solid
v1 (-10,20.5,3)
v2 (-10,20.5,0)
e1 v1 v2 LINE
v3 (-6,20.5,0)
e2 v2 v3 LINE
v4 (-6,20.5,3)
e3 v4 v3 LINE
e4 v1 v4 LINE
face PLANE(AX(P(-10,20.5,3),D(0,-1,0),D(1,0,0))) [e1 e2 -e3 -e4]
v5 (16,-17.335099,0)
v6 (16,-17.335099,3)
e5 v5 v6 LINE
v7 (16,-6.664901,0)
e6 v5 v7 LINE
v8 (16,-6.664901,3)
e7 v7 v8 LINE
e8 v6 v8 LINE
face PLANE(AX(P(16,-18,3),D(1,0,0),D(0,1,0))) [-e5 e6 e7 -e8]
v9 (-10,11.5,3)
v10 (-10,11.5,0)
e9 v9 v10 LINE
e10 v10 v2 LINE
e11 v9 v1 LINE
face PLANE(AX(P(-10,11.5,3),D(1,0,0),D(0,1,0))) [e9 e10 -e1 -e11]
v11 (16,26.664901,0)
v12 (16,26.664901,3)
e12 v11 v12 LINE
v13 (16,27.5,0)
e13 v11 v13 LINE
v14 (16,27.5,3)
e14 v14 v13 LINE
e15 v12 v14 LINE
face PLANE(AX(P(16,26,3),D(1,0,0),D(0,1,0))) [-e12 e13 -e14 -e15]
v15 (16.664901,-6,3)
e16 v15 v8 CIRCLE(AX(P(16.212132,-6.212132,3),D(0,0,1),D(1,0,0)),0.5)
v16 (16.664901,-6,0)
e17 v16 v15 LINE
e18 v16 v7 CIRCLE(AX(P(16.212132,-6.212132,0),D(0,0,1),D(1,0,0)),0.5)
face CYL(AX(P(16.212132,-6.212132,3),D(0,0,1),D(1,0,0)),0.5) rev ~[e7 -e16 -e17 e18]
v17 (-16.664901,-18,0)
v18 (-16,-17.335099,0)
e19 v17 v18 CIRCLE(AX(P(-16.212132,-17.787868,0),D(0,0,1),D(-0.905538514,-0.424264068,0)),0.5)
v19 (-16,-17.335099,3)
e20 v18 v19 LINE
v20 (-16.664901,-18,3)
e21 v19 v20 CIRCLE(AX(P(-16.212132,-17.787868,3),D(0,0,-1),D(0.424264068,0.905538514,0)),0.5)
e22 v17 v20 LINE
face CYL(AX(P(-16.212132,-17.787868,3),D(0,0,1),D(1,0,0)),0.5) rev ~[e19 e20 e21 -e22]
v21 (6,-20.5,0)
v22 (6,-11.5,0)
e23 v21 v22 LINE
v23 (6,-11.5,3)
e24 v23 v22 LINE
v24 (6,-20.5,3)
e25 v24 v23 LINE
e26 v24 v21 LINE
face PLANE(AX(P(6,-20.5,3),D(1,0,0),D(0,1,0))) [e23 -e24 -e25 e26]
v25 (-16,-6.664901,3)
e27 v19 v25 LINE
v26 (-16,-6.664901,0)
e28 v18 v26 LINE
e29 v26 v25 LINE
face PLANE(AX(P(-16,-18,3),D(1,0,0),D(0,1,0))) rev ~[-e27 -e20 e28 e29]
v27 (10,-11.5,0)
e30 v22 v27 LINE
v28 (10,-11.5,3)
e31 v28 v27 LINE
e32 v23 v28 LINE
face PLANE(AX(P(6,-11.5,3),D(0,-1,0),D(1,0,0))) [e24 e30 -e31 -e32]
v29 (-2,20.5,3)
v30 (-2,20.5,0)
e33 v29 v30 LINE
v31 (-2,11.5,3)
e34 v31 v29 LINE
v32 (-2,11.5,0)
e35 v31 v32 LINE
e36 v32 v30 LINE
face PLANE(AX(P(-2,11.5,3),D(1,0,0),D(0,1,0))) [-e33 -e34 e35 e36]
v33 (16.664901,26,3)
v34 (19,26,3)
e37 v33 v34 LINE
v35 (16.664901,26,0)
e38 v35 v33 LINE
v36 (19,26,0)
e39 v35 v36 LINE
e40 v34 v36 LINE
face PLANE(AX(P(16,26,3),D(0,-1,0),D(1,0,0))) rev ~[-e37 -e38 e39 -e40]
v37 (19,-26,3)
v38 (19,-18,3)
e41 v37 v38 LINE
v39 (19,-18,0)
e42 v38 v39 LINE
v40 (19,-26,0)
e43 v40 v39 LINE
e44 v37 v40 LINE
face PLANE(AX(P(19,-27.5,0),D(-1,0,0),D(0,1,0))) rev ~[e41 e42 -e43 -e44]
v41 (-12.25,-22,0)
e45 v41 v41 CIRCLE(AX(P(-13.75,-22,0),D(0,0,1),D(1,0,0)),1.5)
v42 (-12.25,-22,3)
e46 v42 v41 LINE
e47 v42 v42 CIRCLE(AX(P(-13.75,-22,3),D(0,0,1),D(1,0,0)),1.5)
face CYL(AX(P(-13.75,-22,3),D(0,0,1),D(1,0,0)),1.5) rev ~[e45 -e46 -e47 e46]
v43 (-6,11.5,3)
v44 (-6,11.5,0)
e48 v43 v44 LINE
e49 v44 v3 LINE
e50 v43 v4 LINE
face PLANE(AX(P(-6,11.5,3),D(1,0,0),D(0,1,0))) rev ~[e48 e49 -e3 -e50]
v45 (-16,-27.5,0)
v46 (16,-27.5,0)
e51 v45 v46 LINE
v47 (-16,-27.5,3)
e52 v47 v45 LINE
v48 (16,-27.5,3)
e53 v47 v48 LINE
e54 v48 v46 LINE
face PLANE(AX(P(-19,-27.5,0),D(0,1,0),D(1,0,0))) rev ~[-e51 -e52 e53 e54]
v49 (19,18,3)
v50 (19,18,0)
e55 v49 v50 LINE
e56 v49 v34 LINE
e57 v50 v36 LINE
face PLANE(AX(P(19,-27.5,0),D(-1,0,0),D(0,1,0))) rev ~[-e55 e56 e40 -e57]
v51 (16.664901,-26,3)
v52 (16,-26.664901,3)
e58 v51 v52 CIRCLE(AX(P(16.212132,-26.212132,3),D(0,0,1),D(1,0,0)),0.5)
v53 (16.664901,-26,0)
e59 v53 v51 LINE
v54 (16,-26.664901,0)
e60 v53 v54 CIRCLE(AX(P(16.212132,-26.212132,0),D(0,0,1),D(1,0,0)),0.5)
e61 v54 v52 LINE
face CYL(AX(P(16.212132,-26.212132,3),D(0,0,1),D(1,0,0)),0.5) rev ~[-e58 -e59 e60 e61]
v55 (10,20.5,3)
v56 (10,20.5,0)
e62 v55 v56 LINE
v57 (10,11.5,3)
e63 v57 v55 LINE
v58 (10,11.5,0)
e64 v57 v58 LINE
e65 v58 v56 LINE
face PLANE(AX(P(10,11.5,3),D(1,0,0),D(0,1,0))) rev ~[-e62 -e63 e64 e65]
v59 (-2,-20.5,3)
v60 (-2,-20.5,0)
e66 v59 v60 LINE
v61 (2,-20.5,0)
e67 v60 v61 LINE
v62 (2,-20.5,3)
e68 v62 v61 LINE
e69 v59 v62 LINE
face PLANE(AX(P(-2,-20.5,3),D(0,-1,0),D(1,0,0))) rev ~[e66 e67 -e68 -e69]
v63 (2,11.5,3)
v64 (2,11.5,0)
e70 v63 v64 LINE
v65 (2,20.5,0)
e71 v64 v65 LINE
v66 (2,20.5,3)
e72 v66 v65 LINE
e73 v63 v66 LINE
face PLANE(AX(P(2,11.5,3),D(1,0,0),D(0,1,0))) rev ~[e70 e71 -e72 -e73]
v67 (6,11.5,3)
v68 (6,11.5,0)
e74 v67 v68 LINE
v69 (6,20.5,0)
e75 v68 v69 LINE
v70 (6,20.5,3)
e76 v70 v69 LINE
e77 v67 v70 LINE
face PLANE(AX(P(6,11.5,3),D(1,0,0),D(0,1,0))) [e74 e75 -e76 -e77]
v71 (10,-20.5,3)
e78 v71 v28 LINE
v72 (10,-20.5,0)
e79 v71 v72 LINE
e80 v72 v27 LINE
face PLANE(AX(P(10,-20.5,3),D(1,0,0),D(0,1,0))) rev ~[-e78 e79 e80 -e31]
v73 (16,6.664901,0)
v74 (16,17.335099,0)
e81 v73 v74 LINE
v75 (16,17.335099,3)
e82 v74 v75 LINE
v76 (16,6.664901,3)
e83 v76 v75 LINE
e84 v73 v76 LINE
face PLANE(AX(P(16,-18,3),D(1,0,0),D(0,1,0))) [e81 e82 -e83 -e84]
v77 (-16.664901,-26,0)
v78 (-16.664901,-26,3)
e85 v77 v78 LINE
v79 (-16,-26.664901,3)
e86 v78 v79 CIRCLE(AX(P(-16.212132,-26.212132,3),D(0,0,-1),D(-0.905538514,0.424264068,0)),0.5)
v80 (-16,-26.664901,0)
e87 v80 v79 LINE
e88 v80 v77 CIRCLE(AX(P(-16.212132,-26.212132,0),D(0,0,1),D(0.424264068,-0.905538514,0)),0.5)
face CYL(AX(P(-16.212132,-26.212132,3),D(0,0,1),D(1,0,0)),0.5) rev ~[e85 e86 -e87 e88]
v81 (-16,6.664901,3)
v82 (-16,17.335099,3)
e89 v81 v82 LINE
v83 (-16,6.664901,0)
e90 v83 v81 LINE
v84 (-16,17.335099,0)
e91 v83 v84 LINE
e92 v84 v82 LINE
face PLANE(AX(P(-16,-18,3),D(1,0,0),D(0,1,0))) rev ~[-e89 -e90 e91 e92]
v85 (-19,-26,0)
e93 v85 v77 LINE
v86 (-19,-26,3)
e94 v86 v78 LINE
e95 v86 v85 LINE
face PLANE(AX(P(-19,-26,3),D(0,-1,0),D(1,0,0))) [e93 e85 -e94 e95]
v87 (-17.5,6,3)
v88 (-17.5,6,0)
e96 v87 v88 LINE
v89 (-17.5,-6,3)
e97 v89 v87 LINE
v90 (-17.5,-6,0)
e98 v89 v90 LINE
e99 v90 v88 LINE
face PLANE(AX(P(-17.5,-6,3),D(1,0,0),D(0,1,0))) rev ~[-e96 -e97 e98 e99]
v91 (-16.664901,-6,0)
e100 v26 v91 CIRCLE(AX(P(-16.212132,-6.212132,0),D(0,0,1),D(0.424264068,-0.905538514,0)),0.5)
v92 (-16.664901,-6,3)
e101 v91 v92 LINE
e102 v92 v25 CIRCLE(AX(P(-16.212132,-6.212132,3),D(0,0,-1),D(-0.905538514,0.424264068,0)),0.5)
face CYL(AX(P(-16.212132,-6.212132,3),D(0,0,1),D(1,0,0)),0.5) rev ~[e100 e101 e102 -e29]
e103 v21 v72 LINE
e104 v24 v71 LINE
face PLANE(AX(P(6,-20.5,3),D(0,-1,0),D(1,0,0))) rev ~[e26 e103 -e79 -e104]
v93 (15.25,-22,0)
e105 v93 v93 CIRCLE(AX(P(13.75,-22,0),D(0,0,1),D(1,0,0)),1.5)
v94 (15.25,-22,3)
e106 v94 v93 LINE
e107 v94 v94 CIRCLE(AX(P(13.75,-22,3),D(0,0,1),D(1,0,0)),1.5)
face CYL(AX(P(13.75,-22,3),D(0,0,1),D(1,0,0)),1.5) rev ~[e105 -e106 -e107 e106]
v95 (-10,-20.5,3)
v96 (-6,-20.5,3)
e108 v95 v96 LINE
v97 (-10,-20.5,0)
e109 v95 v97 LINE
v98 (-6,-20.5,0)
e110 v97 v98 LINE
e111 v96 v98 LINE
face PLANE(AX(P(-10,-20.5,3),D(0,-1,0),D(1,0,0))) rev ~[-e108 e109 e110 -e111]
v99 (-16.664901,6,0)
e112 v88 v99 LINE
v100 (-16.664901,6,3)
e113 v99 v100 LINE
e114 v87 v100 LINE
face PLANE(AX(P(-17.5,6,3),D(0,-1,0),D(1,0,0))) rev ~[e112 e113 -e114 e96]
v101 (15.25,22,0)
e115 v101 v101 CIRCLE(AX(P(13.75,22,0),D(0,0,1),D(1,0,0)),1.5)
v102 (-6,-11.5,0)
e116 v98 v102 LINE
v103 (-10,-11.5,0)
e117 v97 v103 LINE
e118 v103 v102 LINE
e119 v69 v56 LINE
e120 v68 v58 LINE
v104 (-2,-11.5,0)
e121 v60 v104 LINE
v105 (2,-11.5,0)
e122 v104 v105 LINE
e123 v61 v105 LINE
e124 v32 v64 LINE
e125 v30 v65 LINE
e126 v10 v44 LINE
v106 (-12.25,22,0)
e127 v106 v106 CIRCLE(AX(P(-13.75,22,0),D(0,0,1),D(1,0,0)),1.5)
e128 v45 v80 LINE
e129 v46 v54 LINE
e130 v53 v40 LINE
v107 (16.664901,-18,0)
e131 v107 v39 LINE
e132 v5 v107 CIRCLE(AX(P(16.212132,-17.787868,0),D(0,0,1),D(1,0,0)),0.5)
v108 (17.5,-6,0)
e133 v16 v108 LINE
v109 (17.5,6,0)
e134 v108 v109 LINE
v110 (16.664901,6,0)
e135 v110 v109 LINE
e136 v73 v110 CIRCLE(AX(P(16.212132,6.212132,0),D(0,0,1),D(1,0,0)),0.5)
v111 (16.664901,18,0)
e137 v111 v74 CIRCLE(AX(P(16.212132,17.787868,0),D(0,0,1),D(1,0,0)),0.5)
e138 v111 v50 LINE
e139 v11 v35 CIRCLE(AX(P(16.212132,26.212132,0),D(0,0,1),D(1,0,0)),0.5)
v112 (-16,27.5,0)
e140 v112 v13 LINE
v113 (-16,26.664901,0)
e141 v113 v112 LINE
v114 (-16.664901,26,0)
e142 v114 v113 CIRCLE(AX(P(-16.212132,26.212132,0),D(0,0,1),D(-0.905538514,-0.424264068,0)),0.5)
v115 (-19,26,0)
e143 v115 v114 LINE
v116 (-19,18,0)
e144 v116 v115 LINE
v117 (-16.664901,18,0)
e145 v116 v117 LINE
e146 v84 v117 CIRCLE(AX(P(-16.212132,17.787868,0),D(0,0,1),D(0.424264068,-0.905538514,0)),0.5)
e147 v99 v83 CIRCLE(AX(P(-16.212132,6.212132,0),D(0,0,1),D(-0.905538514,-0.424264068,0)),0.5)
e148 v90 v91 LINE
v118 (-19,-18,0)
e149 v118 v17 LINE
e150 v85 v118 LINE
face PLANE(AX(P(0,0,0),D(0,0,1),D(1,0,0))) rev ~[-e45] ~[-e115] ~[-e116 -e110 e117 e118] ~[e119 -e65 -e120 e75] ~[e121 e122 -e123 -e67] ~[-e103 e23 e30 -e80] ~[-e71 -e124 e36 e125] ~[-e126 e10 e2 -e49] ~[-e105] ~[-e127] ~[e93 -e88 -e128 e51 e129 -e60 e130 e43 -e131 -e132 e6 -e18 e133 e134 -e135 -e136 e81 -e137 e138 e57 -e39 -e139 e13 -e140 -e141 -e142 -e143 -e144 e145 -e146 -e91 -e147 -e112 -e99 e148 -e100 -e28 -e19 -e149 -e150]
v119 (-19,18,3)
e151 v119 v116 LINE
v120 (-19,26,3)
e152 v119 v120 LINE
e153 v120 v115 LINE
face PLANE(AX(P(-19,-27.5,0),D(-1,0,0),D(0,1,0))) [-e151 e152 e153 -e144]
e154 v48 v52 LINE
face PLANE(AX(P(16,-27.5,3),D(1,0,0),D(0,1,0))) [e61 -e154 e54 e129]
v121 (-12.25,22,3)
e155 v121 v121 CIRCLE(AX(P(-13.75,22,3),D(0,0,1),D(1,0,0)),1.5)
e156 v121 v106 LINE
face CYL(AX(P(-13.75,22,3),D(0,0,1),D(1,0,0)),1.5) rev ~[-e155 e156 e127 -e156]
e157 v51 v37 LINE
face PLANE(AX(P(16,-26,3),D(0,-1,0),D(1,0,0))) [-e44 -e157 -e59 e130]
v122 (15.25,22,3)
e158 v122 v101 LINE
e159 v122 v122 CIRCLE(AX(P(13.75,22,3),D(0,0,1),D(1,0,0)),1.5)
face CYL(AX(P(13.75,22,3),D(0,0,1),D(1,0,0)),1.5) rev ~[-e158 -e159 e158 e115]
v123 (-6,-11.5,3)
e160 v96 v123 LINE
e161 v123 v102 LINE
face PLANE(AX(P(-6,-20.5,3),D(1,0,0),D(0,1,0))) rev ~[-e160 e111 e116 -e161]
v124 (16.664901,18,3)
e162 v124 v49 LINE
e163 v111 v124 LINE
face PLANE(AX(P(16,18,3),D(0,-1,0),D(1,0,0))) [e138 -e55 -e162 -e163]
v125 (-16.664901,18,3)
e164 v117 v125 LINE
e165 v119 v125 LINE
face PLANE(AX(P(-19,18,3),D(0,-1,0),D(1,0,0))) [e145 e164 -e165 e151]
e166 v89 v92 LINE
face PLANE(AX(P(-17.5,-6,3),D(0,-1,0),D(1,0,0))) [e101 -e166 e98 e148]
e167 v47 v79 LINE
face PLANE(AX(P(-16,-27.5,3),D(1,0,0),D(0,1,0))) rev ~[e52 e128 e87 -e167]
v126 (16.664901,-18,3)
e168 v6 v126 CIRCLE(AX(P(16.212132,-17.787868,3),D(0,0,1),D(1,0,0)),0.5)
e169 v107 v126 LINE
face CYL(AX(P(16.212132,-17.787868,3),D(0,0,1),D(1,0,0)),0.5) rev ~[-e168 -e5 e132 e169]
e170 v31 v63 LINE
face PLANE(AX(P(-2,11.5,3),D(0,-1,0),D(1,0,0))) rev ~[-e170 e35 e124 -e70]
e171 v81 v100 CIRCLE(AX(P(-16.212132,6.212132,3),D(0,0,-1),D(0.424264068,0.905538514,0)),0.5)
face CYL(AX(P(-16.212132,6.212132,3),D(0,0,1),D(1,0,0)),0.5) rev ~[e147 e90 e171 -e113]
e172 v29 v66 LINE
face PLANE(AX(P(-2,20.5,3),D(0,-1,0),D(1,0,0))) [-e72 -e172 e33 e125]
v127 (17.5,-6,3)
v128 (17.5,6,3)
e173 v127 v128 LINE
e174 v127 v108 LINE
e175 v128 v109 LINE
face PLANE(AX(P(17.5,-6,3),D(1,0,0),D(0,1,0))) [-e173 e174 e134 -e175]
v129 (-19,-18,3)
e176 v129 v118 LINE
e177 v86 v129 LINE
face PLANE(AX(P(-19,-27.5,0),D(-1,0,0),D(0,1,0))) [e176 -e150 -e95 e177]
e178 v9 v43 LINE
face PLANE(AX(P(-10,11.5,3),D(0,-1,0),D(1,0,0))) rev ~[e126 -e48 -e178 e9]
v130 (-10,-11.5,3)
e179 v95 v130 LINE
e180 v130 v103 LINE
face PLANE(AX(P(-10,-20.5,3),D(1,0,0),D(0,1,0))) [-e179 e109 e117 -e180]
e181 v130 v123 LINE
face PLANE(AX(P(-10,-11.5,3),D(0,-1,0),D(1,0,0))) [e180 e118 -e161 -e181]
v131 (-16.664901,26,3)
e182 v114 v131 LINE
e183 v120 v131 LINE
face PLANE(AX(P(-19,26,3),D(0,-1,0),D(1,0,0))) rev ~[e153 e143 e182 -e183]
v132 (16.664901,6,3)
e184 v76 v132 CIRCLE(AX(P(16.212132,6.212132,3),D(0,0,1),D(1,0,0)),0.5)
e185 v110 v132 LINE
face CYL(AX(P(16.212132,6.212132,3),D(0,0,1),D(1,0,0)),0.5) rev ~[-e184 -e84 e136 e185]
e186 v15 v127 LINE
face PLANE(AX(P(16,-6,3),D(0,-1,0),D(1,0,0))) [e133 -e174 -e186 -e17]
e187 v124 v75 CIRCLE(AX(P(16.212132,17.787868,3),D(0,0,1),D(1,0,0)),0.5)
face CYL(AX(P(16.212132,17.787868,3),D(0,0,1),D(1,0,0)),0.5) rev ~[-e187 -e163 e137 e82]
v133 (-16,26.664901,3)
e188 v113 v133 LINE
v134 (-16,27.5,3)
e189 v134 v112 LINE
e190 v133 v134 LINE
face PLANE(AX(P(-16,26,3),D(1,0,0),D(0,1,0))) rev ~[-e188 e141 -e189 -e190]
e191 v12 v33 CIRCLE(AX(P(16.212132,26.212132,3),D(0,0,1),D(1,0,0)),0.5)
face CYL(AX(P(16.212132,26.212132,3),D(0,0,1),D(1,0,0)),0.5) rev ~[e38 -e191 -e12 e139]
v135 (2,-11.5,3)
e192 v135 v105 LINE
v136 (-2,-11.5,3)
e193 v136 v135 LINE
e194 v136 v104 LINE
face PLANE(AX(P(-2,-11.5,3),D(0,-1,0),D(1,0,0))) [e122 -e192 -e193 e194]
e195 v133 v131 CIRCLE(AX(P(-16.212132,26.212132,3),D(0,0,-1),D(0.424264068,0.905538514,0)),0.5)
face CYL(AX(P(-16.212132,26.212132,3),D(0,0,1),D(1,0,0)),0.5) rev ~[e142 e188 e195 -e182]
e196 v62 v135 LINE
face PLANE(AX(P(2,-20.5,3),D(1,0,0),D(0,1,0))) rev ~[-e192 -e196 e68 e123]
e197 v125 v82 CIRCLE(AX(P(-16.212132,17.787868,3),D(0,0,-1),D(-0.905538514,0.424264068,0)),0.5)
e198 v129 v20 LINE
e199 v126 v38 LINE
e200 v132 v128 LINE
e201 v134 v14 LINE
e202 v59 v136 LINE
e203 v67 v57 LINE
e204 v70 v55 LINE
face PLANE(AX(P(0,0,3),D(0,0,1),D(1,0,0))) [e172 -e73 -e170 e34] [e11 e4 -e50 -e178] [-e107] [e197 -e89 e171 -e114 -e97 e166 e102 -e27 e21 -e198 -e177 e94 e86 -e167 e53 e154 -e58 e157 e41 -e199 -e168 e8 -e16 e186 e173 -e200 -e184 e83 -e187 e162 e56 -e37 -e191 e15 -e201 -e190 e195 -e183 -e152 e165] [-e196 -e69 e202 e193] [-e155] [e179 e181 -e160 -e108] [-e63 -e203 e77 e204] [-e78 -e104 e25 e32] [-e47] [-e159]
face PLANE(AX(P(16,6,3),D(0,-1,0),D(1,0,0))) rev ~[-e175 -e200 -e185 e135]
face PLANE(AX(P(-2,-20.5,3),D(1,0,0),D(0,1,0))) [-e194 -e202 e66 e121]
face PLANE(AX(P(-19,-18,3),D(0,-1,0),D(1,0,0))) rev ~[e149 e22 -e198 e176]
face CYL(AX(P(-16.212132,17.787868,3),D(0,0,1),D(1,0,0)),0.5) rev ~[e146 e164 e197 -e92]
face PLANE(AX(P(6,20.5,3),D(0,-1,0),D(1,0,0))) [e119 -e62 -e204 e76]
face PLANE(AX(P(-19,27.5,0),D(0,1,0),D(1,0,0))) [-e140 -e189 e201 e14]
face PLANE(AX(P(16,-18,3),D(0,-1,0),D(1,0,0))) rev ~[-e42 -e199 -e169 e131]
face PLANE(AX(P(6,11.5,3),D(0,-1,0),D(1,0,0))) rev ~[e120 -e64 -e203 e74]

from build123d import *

# Parameters (mm, degrees)
SKETCH_1_W          = 38
SKETCH_1_H          = 55
EXTRUDE_1_DEPTH     = 3
SKETCH_2_W          = 3
SKETCH_2_H          = 36
SKETCH_2_H_2        = 1.5
CUT_EXTRUDE_1_DEPTH = 3
SKETCH_3_R          = 1.5
CUT_EXTRUDE_2_DEPTH = 4
SKETCH_4_W          = 4
SKETCH_4_H          = 9
CUT_EXTRUDE_3_DEPTH = 10
SKETCH_5_W          = 1.5
SKETCH_5_H          = 12
EXTRUDE_2_DEPTH     = 3
SKETCH_6_R          = 0.5
CUT_EXTRUDE_4_DEPTH = 10


with BuildPart() as part:
    # 草图1 → 凸台-拉伸1 (new body)
    with BuildSketch(Plane.XY):
        Rectangle(SKETCH_1_W, SKETCH_1_H)
    extrude(amount=EXTRUDE_1_DEPTH)

    # 草图2 → 切除-拉伸1 (cut)
    with BuildSketch(Plane.XY.offset(3)):
        with Locations((-17.5, 0)):
            Rectangle(SKETCH_2_W, SKETCH_2_H)
        with Locations((-17.5, 26.75)):
            Rectangle(SKETCH_2_W, SKETCH_2_H_2)
        with Locations((17.5, -26.75)):
            Rectangle(SKETCH_2_W, SKETCH_2_H_2)
        with Locations((17.5, 0)):
            Rectangle(SKETCH_2_W, SKETCH_2_H)
        with Locations((17.5, 26.75)):
            Rectangle(SKETCH_2_W, SKETCH_2_H_2)
        with Locations((-17.5, -26.75)):
            Rectangle(SKETCH_2_W, SKETCH_2_H_2)
    extrude(amount=-CUT_EXTRUDE_1_DEPTH, mode=Mode.SUBTRACT)

    # 草图3 → 切除-拉伸2 (cut, through all)
    with BuildSketch(Plane.XY.offset(3)):
        with Locations((-13.75, -22)):
            Circle(SKETCH_3_R)
        with Locations((13.75, -22)):
            Circle(SKETCH_3_R)
        with Locations((13.75, 22)):
            Circle(SKETCH_3_R)
        with Locations((-13.75, 22)):
            Circle(SKETCH_3_R)
    extrude(amount=-CUT_EXTRUDE_2_DEPTH, mode=Mode.SUBTRACT)

    # 草图4 → 切除-拉伸3 (cut)
    with BuildSketch(Plane.XY.offset(3)):
        with Locations((8, -16)):
            Rectangle(SKETCH_4_W, SKETCH_4_H)
        with Locations((0, -16)):
            Rectangle(SKETCH_4_W, SKETCH_4_H)
        with Locations((-8, -16)):
            Rectangle(SKETCH_4_W, SKETCH_4_H)
        with Locations((-8, 16)):
            Rectangle(SKETCH_4_W, SKETCH_4_H)
        with Locations((8, 16)):
            Rectangle(SKETCH_4_W, SKETCH_4_H)
        with Locations((0, 16)):
            Rectangle(SKETCH_4_W, SKETCH_4_H)
    extrude(amount=-CUT_EXTRUDE_3_DEPTH, mode=Mode.SUBTRACT)

    # 草图5 → 凸台-拉伸2 (add, through all)
    with BuildSketch(Plane.XY.offset(3)):
        with Locations((-16.75, 0)):
            Rectangle(SKETCH_5_W, SKETCH_5_H)
        with Locations((16.75, 0)):
            Rectangle(SKETCH_5_W, SKETCH_5_H)
    extrude(amount=-EXTRUDE_2_DEPTH)

    # 草图6 → 切除-拉伸4 (cut)
    with BuildSketch(Plane.XY.offset(3)):
        with Locations((-16.212132034, -26.212132034)):
            Circle(SKETCH_6_R)
        with Locations((-16.212132034, -17.787867966)):
            Circle(SKETCH_6_R)
        with Locations((-16.212132034, -6.212132034)):
            Circle(SKETCH_6_R)
        with Locations((16.212132034, -6.212132034)):
            Circle(SKETCH_6_R)
        with Locations((16.212132034, -17.787867966)):
            Circle(SKETCH_6_R)
        with Locations((16.212132034, -26.212132034)):
            Circle(SKETCH_6_R)
        with Locations((16.212132034, 26.212132034)):
            Circle(SKETCH_6_R)
        with Locations((16.212132034, 17.787867966)):
            Circle(SKETCH_6_R)
        with Locations((16.212132034, 6.212132034)):
            Circle(SKETCH_6_R)
        with Locations((-16.212132034, 6.212132034)):
            Circle(SKETCH_6_R)
        with Locations((-16.212132034, 17.787867966)):
            Circle(SKETCH_6_R)
        with Locations((-16.212132034, 26.212132034)):
            Circle(SKETCH_6_R)
    extrude(amount=-CUT_EXTRUDE_4_DEPTH, mode=Mode.SUBTRACT)


solid = part.part
